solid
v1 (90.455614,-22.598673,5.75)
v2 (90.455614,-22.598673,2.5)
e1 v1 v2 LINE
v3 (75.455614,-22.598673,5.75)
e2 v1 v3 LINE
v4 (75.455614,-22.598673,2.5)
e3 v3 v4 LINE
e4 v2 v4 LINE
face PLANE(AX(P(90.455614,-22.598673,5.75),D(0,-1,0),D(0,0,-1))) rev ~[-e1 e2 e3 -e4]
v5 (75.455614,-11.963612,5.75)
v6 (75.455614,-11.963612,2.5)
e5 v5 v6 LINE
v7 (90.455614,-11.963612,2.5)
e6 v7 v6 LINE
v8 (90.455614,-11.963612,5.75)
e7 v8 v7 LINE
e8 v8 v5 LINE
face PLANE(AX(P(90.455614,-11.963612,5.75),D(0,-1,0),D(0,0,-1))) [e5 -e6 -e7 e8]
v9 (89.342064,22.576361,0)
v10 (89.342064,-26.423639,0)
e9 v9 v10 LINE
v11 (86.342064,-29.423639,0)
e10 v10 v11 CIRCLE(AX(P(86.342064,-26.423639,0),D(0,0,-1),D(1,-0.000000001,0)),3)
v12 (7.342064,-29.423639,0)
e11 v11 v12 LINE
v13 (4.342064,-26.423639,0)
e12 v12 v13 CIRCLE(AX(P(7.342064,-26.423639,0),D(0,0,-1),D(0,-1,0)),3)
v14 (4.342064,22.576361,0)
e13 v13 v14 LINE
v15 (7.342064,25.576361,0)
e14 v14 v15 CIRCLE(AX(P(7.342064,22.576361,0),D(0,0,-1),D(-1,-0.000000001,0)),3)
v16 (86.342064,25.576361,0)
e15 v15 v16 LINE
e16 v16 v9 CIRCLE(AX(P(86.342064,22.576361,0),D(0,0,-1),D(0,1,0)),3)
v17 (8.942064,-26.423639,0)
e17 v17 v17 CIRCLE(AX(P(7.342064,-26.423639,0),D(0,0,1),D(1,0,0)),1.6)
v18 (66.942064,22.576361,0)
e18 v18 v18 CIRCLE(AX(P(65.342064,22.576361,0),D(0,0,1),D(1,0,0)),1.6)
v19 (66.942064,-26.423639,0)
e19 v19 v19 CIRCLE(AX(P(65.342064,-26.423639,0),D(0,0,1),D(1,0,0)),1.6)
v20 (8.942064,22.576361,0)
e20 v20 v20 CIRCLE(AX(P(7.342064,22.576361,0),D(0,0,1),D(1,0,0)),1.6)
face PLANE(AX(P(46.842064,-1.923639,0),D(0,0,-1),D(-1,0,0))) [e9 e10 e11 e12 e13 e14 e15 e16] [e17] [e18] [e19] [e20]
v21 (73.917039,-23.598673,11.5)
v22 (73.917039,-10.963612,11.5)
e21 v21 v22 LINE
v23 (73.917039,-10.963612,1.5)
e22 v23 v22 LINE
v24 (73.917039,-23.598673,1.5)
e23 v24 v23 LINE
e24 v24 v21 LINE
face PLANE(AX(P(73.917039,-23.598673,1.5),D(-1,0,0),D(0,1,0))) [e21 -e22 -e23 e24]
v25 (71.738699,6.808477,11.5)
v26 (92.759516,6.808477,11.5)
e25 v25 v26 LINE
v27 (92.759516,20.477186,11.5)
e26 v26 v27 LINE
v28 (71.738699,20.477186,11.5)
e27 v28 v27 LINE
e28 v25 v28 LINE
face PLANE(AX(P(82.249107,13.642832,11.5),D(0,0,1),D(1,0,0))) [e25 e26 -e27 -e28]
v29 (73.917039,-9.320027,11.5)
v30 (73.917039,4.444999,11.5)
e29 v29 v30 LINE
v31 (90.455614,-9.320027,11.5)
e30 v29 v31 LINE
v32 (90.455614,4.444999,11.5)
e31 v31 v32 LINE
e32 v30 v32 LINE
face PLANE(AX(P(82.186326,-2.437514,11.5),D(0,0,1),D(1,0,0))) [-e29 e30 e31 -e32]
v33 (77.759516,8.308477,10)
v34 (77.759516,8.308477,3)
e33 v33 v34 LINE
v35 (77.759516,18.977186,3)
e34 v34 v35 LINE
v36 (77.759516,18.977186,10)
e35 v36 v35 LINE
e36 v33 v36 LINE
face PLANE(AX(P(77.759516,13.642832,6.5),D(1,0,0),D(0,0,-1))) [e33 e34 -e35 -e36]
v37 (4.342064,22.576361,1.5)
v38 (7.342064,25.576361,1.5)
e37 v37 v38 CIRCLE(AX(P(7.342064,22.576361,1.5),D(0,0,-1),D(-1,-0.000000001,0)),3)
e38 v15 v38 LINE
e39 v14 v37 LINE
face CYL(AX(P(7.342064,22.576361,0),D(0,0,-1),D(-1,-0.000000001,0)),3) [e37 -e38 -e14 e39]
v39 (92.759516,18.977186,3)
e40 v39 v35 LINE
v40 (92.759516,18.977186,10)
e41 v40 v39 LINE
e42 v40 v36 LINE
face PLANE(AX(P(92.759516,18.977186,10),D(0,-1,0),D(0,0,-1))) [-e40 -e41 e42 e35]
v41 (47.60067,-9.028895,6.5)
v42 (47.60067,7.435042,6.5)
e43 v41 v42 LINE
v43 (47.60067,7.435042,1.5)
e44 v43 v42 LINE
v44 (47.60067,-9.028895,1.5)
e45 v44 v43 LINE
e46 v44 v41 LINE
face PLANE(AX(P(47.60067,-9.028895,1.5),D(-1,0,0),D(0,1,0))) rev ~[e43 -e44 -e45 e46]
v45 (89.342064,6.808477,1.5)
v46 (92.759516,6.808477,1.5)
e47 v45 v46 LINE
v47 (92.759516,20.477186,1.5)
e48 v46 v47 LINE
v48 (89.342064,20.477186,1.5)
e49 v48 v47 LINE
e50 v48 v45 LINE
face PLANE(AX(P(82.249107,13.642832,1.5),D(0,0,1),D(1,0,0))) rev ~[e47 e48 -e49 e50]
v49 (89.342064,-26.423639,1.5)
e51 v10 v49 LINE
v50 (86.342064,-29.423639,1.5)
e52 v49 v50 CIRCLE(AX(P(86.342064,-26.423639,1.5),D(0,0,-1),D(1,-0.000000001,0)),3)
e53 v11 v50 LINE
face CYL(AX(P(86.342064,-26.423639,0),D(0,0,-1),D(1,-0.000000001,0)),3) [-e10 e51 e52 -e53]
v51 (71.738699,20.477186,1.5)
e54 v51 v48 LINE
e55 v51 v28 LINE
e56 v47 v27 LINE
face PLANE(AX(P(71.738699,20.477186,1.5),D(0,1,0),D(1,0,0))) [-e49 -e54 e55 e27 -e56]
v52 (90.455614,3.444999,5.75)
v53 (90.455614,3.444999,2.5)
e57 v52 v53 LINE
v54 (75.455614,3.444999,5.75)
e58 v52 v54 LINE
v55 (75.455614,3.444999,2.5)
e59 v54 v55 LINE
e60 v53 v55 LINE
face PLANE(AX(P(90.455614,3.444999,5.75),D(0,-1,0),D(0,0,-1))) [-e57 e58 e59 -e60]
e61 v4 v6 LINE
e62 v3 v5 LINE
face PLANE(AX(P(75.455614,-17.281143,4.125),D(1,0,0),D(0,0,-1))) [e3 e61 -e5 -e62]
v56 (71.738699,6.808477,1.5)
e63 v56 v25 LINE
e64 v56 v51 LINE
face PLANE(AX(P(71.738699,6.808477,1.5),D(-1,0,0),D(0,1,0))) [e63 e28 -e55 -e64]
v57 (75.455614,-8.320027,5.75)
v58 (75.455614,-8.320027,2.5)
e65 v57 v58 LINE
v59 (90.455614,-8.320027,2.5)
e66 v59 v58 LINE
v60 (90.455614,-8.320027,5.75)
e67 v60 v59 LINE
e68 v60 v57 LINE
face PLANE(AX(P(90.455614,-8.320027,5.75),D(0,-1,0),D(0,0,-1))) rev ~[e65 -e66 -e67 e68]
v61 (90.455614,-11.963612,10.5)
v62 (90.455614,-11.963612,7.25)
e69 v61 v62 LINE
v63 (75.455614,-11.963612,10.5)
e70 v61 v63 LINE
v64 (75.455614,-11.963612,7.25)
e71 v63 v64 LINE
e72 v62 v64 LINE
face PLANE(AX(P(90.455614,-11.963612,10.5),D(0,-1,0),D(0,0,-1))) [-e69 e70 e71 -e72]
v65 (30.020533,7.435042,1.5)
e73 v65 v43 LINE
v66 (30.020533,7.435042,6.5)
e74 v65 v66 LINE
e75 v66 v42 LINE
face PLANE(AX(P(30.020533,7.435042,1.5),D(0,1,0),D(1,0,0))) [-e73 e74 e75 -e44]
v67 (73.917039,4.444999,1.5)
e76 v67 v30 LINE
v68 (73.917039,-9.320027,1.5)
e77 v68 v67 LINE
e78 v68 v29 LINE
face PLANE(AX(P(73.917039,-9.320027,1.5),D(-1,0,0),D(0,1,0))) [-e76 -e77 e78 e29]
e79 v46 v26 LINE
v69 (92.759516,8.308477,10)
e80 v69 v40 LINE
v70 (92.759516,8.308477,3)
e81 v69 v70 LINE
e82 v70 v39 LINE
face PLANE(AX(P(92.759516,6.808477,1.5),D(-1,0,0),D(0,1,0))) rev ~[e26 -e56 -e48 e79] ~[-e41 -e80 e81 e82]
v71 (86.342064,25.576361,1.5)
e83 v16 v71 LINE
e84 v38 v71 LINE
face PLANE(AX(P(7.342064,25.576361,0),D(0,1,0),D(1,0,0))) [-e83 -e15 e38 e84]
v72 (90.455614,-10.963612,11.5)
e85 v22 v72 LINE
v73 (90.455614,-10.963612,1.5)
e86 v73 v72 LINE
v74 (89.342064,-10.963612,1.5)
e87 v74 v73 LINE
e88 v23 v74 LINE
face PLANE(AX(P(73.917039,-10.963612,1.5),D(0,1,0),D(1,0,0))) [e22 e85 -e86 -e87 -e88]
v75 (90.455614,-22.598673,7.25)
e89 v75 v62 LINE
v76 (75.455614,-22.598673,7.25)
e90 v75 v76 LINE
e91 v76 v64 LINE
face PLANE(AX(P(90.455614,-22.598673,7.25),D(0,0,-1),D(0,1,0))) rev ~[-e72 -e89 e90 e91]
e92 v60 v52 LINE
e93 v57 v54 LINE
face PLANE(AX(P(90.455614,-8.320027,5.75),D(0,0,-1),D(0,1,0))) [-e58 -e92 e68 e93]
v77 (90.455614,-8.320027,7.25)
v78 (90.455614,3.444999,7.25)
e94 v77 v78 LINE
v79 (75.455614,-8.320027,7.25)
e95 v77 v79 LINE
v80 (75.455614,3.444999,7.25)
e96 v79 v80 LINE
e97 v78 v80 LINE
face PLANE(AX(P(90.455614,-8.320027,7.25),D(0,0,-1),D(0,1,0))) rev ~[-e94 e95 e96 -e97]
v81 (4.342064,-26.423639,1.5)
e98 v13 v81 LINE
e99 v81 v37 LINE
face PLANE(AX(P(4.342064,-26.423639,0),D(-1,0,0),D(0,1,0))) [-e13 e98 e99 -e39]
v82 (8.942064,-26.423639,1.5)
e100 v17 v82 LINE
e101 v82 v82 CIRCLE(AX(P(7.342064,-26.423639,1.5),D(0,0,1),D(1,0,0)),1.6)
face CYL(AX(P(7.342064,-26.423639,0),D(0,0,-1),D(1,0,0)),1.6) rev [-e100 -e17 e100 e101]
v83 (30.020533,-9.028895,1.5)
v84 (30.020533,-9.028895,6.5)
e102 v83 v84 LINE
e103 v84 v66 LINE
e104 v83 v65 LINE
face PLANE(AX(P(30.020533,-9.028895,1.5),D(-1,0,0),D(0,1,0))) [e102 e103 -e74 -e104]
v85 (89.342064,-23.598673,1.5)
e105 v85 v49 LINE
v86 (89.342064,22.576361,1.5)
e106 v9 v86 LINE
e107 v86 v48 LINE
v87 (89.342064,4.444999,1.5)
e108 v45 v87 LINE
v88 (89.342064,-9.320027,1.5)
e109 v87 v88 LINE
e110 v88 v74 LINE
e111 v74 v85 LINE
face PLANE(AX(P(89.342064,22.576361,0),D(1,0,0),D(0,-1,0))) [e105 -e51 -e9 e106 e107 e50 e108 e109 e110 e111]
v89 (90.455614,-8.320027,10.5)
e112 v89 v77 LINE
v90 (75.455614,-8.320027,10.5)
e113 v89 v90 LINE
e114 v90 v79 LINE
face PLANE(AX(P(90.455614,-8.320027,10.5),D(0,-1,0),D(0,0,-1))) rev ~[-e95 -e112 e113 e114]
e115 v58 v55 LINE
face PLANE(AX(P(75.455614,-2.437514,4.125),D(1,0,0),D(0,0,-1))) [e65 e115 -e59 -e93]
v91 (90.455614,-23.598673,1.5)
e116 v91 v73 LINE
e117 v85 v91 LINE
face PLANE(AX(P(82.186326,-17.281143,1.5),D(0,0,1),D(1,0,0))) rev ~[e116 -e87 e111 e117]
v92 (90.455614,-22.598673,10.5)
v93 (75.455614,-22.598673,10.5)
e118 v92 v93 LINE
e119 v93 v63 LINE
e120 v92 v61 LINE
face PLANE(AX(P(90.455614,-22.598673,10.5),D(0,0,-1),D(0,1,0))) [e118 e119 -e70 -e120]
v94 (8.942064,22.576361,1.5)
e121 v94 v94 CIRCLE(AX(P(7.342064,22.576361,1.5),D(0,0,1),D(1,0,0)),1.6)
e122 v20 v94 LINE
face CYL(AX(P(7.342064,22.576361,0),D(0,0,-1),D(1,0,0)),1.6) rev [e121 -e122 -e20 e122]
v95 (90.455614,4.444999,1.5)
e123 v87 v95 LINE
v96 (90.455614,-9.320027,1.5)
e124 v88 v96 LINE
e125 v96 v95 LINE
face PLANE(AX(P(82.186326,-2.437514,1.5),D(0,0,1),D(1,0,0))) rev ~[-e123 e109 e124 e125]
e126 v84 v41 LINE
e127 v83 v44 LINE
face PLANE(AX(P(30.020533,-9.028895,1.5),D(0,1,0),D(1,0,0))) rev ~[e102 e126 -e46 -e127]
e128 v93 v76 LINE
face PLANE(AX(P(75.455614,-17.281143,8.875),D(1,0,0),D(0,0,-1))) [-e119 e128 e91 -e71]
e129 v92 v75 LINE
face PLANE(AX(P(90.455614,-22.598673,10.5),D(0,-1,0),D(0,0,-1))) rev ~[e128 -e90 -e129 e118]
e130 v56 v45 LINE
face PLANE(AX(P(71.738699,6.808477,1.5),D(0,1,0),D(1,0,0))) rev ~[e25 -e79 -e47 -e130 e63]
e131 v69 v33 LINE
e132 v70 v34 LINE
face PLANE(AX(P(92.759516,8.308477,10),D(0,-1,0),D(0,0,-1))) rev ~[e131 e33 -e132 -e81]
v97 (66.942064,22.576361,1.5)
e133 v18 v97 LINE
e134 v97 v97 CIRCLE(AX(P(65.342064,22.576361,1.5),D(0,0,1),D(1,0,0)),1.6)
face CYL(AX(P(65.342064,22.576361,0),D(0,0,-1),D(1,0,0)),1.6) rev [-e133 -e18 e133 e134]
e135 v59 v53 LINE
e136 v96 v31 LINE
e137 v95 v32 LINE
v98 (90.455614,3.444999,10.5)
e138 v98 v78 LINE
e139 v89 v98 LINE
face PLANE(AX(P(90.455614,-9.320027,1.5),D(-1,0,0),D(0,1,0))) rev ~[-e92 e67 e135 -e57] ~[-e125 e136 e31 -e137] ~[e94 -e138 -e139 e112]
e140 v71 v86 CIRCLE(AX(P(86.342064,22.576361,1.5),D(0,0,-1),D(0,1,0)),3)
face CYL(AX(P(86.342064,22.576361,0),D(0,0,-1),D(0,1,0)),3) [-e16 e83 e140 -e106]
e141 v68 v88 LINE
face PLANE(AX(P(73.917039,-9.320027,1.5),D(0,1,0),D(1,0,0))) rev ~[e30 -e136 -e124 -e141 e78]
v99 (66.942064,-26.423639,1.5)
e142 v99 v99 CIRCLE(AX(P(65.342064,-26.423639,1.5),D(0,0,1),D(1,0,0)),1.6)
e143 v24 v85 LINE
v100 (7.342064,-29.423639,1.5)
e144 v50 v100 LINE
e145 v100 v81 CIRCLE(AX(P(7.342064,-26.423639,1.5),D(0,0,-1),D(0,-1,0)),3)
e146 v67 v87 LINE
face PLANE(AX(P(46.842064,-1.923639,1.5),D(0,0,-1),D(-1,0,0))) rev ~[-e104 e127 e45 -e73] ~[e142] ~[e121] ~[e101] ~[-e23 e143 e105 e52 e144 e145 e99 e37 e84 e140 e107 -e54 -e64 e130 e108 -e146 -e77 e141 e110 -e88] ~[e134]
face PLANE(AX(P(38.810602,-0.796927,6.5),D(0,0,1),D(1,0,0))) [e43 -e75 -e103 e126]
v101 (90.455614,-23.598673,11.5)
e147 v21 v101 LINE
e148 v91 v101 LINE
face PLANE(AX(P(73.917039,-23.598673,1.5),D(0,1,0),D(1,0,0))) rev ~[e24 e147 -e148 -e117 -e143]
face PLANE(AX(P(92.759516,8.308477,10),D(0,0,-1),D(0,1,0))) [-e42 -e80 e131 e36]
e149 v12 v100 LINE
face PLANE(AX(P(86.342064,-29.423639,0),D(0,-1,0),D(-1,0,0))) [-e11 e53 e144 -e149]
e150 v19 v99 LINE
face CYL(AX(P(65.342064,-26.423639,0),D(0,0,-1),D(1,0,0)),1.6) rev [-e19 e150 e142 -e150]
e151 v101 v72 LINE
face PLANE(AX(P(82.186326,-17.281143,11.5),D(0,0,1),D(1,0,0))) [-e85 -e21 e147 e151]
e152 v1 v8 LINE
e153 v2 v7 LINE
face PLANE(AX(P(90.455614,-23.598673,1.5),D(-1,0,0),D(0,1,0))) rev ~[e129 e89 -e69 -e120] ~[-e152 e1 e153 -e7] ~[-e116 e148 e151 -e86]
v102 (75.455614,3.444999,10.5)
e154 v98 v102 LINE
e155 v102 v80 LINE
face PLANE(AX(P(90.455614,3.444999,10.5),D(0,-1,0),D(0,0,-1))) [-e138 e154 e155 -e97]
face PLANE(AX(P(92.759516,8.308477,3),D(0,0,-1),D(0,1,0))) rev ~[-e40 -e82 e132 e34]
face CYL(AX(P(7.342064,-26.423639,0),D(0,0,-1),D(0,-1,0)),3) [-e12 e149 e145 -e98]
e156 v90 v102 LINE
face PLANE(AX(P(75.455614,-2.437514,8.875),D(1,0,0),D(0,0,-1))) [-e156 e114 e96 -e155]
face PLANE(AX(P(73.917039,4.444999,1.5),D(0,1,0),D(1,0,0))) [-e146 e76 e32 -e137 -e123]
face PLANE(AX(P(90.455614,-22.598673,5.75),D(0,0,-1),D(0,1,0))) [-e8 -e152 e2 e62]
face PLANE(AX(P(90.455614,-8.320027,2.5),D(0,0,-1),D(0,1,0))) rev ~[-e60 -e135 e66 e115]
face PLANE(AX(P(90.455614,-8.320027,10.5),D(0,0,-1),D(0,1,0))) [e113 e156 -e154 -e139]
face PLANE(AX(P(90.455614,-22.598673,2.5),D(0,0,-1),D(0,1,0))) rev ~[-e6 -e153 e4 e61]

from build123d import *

# Parameters (mm, degrees)
SKETCH1_R           = 1.6
BOSS_EXTRUDE1_DEPTH = 1.5
SKETCH2_W           = 21.020817279
SKETCH2_H           = 13.668708773
SKETCH2_W_2         = 16.538575955
SKETCH2_H_2         = 13.76502595
SKETCH2_H_3         = 12.635061133
BOSS_EXTRUDE2_DEPTH = 10
SKETCH3_W           = 17.580136513
SKETCH3_H           = 16.463937369
BOSS_EXTRUDE3_DEPTH = 5
SKETCH4_W           = 7
SKETCH4_H           = 10.668708773
CUT_EXTRUDE1_DEPTH  = 15
SKETCH5_W           = 3.25
SKETCH5_H           = 10.635061133
SKETCH5_H_2         = 11.76502595
CUT_EXTRUDE2_DEPTH  = 15


with BuildPart() as part:
    # Sketch1 → Boss-Extrude1 (new body)
    with BuildSketch(Plane.XY):
        with BuildLine():
            Line((7.342063859, 25.576361327), (86.342063859, 25.576361327))
            ThreePointArc((86.342063859, 25.576361327), (88.463384202, 24.697681671), (89.342063859, 22.576361327))
            Line((89.342063859, 22.576361327), (89.342063859, -26.423638673))
            ThreePointArc((89.342063859, -26.423638673), (88.463384202, -28.544959016), (86.342063859, -29.423638673))
            Line((86.342063859, -29.423638673), (7.342063859, -29.423638673))
            ThreePointArc((7.342063859, -29.423638673), (5.220743515, -28.544959016), (4.342063859, -26.423638673))
            Line((4.342063859, -26.423638673), (4.342063859, 22.576361327))
            ThreePointArc((4.342063859, 22.576361327), (5.220743515, 24.697681671), (7.342063859, 25.576361327))
        make_face()
        with Locations((7.342063859, 22.576361327)):
            Circle(SKETCH1_R, mode=Mode.SUBTRACT)
        with Locations((7.342063859, -26.423638673)):
            Circle(SKETCH1_R, mode=Mode.SUBTRACT)
        with Locations((65.342063859, -26.423638673)):
            Circle(SKETCH1_R, mode=Mode.SUBTRACT)
        with Locations((65.342063859, 22.576361327)):
            Circle(SKETCH1_R, mode=Mode.SUBTRACT)
    extrude(amount=BOSS_EXTRUDE1_DEPTH)

    # Sketch2 → Boss-Extrude2 (add)
    with BuildSketch(Plane.XY.offset(1.5)):
        with Locations((82.249107191, 13.642831506)):
            Rectangle(SKETCH2_W, SKETCH2_H)
        with Locations((82.18632648, -2.437513953)):
            Rectangle(SKETCH2_W_2, SKETCH2_H_2)
        with Locations((82.18632648, -17.281142683)):
            Rectangle(SKETCH2_W_2, SKETCH2_H_3)
    extrude(amount=BOSS_EXTRUDE2_DEPTH)

    # Sketch3 → Boss-Extrude3 (add)
    with BuildSketch(Plane.XY.offset(1.5)):
        with Locations((38.810601532, -0.796926727)):
            Rectangle(SKETCH3_W, SKETCH3_H)
    extrude(amount=BOSS_EXTRUDE3_DEPTH)

    # Sketch4 → Cut-Extrude1 (cut)
    with BuildSketch(Plane(origin=(92.75951583, 0, 0), x_dir=(0, 0, -1), z_dir=(1, 0, 0))):
        with Locations((-6.5, 13.642831506)):
            Rectangle(SKETCH4_W, SKETCH4_H)
    extrude(amount=-CUT_EXTRUDE1_DEPTH, mode=Mode.SUBTRACT)

    # Sketch5 → Cut-Extrude2 (cut)
    with BuildSketch(Plane(origin=(90.455614457, 0, 0), x_dir=(0, 0, -1), z_dir=(1, 0, 0))):
        with Locations((-4.125, -17.281142683)):
            Rectangle(SKETCH5_W, SKETCH5_H)
        with Locations((-8.875, -17.281142683)):
            Rectangle(SKETCH5_W, SKETCH5_H)
        with Locations((-4.125, -2.437513953)):
            Rectangle(SKETCH5_W, SKETCH5_H_2)
        with Locations((-8.875, -2.437513953)):
            Rectangle(SKETCH5_W, SKETCH5_H_2)
    extrude(amount=-CUT_EXTRUDE2_DEPTH, mode=Mode.SUBTRACT)


solid = part.part
